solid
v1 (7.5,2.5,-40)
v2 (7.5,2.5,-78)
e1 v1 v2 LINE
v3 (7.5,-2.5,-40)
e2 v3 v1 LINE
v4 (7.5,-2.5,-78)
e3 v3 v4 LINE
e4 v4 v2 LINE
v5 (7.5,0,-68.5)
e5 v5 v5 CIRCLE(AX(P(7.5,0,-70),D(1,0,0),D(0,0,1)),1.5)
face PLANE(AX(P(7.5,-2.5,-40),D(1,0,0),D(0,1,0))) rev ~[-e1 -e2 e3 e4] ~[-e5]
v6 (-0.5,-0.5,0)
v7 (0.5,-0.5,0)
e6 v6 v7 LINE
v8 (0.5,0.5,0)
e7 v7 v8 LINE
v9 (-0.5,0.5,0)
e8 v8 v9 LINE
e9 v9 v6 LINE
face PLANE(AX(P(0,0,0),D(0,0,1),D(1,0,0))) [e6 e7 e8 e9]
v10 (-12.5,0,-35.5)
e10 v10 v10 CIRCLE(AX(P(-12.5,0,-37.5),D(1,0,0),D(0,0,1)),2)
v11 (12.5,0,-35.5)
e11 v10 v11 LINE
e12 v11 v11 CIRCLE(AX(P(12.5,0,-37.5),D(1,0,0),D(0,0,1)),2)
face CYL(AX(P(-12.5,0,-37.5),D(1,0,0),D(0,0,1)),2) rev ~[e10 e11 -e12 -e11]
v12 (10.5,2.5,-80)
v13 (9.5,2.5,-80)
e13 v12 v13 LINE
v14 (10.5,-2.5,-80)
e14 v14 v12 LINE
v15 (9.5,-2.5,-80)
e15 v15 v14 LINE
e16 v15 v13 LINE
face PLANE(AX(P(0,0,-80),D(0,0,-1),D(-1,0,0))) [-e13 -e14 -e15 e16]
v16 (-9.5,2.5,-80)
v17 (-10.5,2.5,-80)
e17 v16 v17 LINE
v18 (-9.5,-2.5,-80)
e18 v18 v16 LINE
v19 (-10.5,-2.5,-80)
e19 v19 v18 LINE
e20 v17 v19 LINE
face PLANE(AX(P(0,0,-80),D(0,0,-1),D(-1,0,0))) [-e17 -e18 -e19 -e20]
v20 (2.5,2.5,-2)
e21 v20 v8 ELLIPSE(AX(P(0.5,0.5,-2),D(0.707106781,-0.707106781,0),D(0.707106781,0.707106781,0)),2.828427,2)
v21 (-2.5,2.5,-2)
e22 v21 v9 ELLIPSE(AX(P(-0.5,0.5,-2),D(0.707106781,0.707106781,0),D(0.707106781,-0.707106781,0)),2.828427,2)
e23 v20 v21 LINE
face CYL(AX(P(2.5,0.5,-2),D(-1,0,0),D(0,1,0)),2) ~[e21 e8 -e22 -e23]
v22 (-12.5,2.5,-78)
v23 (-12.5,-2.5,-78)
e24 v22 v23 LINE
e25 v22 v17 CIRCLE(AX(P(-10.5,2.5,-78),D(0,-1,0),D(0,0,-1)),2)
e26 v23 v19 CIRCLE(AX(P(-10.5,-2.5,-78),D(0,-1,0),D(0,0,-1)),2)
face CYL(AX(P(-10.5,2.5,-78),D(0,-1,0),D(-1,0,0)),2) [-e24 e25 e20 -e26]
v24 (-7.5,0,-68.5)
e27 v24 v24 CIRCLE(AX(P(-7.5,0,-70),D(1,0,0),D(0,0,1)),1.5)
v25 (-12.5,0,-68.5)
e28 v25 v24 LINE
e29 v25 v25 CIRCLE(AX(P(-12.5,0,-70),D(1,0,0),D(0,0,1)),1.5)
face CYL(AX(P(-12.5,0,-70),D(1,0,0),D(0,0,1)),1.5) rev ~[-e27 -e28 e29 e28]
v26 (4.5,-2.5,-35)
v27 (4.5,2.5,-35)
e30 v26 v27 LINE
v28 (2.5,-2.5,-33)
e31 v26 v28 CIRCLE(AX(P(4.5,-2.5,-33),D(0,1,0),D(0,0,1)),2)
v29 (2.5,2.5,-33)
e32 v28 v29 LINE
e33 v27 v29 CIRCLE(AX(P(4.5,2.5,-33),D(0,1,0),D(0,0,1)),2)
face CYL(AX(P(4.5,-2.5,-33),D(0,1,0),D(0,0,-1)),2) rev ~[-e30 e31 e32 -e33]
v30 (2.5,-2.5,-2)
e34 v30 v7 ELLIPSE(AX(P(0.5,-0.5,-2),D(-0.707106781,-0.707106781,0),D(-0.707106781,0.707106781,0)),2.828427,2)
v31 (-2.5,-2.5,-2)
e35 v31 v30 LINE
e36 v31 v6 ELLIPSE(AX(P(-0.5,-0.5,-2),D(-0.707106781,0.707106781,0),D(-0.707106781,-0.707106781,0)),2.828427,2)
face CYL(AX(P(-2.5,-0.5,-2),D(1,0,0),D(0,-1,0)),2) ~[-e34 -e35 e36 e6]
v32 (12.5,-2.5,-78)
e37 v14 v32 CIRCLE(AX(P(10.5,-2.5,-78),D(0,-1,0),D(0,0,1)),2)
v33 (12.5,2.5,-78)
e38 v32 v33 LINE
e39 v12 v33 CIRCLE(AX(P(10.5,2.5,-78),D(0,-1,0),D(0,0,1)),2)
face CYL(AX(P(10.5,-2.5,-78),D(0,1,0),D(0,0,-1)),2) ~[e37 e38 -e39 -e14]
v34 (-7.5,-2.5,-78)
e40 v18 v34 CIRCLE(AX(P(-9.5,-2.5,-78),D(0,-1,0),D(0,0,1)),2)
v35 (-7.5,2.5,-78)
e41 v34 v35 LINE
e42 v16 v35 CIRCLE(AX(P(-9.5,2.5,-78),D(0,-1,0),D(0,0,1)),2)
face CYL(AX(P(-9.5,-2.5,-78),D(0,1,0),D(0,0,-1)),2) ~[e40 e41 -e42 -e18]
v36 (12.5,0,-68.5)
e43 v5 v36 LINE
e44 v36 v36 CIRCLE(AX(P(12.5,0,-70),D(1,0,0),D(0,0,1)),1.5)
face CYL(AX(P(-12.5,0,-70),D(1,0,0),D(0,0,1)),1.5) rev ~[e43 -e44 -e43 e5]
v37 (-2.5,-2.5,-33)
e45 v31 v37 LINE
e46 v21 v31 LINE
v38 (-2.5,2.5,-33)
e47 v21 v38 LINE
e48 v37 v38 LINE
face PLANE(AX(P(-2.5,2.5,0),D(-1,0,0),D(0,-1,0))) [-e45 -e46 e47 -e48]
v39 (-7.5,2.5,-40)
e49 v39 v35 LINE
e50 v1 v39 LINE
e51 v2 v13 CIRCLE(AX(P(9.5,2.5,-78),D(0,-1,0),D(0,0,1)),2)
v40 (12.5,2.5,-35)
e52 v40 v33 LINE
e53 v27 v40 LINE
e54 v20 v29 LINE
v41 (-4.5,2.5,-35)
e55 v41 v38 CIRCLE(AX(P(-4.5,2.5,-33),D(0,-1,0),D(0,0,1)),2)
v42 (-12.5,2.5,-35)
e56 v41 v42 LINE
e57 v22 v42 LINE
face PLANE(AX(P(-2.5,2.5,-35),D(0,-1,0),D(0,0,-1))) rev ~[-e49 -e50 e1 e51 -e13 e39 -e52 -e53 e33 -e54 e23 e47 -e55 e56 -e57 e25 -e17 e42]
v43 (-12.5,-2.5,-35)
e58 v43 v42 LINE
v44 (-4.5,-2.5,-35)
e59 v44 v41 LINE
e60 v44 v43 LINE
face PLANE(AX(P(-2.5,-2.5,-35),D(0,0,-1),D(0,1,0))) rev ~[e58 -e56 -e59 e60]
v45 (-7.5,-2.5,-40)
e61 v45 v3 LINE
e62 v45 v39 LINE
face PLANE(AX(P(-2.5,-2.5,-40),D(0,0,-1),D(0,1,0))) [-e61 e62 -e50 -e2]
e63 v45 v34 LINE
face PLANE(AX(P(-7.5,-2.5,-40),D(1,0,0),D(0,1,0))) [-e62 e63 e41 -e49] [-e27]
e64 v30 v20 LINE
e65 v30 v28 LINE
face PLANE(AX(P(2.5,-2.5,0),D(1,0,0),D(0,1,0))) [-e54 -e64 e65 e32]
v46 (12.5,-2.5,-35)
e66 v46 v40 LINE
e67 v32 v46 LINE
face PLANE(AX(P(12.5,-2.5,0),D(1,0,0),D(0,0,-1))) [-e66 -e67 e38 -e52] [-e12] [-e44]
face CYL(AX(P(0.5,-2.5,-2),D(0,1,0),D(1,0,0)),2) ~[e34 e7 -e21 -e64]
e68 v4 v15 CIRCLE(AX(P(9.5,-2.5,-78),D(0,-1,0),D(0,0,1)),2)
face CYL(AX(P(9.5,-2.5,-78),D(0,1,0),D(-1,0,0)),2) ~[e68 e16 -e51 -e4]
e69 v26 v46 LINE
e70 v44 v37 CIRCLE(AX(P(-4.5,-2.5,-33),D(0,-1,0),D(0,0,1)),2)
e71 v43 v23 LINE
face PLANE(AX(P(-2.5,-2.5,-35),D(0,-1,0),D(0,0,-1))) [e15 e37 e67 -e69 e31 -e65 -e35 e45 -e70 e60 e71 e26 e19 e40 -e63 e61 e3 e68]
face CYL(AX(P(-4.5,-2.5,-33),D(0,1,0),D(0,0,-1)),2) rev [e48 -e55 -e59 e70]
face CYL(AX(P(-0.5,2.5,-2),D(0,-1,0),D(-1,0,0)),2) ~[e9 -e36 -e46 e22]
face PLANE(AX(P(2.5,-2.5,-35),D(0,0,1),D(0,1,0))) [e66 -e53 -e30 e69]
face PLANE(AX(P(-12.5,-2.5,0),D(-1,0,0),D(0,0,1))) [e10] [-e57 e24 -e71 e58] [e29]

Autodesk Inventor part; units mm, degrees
ref_plane "YZ Plane" through (0, 0, 0) normal (1, 0, 0) x (0, 1, 0)
ref_plane "XZ Plane" through (0, 0, 0) normal (0, 1, 0) x (-1, 0, 0)
ref_plane "XY Plane" through (0, 0, 0) normal (0, 0, 1) x (1, 0, 0)
sketch "Skizze1" plane through (0, 0, 0) normal (0, 0, 1) x (1, 0, 0)
  line L0 (-2.5, -2.5) -> (2.5, -2.5)
  line L1 (2.5, -2.5) -> (2.5, 2.5)
  line L2 (2.5, 2.5) -> (-2.5, 2.5)
  line L3 (-2.5, 2.5) -> (-2.5, -2.5)
  line L4 (-2.5, -2.5) -> (2.5, 2.5) construction
  line L5 (2.5, -2.5) -> (-2.5, 2.5) construction
  point P0 (0, 0)
  dimension "d0" = 5
  dimension "d1" = 5
extrude "Extrusion1" add sketch "Skizze1" against normal blind 40
sketch "Skizze3" plane through (-2.5, -2.5, 0) normal (-1, 0, 0) x (0, 0, 1)
  line L0 (0, 5) -> (-40, 5) projected
  line L1 (-40, 0) -> (-40, 5) projected
  line L2 (0, 0) -> (-40, 0) projected
  line L3 (-35, 5) -> (-40, 5)
  line L4 (-40, 5) -> (-40, 0)
  line L5 (-40, 0) -> (-35, 0)
  line L6 (-35, 0) -> (-35, 5)
  line L7 (-35, 5) -> (-40, 0) construction
  line L8 (-40, 5) -> (-35, 0) construction
  point P0 (0, 2.5)
  point P1 (-37.5, 2.5)
  point P2 (-40, 2.5)
  point P3 (-35, 0)
  point P4 (-35, 5)
  dimension "d14" = 5
  dimension "d15" = 5
sketch "Skizze4" plane through (2.5, -2.5, 0) normal (1, 0, 0) x (0, 0, -1)
  line L0 (0, 0) -> (40, 0) projected
  line L1 (40, 5) -> (40, 0) projected
  line L2 (0, 5) -> (40, 5) projected
  line L3 (35, 5) -> (40, 5)
  line L4 (40, 5) -> (40, 0)
  line L5 (40, 0) -> (35, 0)
  line L6 (35, 0) -> (35, 5)
  line L7 (35, 5) -> (40, 0) construction
  line L8 (40, 5) -> (35, 0) construction
  point P0 (0, 2.5)
  point P1 (37.5, 2.5)
  point P2 (40, 2.5)
  point P3 (35, 5)
  point P4 (35, 0)
  dimension "d16" = 5
  dimension "d17" = 5
extrude "Extrusion2" add sketch "Skizze4" along normal blind 10
extrude "Extrusion3" add sketch "Skizze3" along normal blind 10
sketch "Skizze5" plane through (0, 0, -40) normal (0, 0, -1) x (-1, 0, 0)
  line L0 (12.5, -2.5) -> (-12.5, -2.5) projected
  line L1 (12.5, 2.5) -> (12.5, -2.5) projected
  line L2 (-12.5, 2.5) -> (12.5, 2.5) projected
  line L3 (-12.5, -2.5) -> (-12.5, 2.5) projected
  line L4 (12.5, -2.5) -> (7.5, -2.5)
  line L5 (7.5, -2.5) -> (7.5, 2.5)
  line L6 (7.5, 2.5) -> (12.5, 2.5)
  line L7 (12.5, 2.5) -> (12.5, -2.5)
  line L8 (12.5, -2.5) -> (7.5, 2.5) construction
  line L9 (7.5, -2.5) -> (12.5, 2.5) construction
  line L10 (-7.5, 2.5) -> (-12.5, 2.5)
  line L11 (-12.5, 2.5) -> (-12.5, -2.5)
  line L12 (-12.5, -2.5) -> (-7.5, -2.5)
  line L13 (-7.5, -2.5) -> (-7.5, 2.5)
  line L14 (-7.5, 2.5) -> (-12.5, -2.5) construction
  line L15 (-12.5, 2.5) -> (-7.5, -2.5) construction
  point P0 (0, 0)
  point P1 (10, 0)
  point P2 (-10, 0)
  point P3 (12.5, 0)
  point P4 (-12.5, 0)
  point P5 (7.5, 2.5)
  dimension "d22" = 5
  dimension "d23" = 5
  dimension "d24" = 5
  dimension "d25" = 5
extrude "Extrusion4" add sketch "Skizze5" along normal blind 40 contours L0 L5 L2 L1 | L0 L3 L2 L13
sketch "Skizze6" plane through (-12.5, -2.5, 0) normal (-1, 0, 0) x (0, 0, 1)
  line L0 (-80, 0) -> (-80, 5) projected
  line L1 (-35, 0) -> (-80, 0) projected
  point P0 (0, 2.5)
  point P1 (-70, 2.5)
  point P2 (-80, 2.5)
  dimension "d35" = 10
  dimension "d36" = 2.5
hole "Bohrung2" at (-12.5, 0, -70) direction (1, 0, 0) diameter 3 end through all
sketch "Skizze7" plane through (12.5, -2.5, 0) normal (1, 0, 0) x (0, 0, -1)
  circle A0 centre (70, 2.5) radius 1.5 projected
  line L0 (35, 0) -> (80, 0) projected
  line L1 (80, 5) -> (80, 0) projected
  line L2 (35, 5) -> (80, 5) projected
  line L3 (35, 5) -> (35, 0) projected
  point P0 (0, 2.5)
sketch "Skizze8" plane through (-12.5, -2.5, 0) normal (-1, 0, 0) x (0, 0, 1)
  line L0 (-35, 0) -> (-80, 0) projected
  line L1 (-35, 0) -> (-35, 5) projected
  point P0 (0, 2.5)
  point P1 (-37.5, 2.5)
  dimension "d44" = 2.5
  dimension "d45" = 2.5
hole "Bohrung1" at (-12.5, 0, -37.5) direction (1, 0, 0) diameter 4 end through all
fillet "Rundung1" radius 2 10 edges at (-7.5, 0, -80) (7.5, 0, -80) (-12.5, 0, -80) (12.5, 0, -80) (2.5, 0, 0) (-2.5, 0, 0) (0, 2.5, 0) (0, -2.5, 0) (-2.5, 0, -35) (2.5, 0, -35)
properties part number "Hebel"
